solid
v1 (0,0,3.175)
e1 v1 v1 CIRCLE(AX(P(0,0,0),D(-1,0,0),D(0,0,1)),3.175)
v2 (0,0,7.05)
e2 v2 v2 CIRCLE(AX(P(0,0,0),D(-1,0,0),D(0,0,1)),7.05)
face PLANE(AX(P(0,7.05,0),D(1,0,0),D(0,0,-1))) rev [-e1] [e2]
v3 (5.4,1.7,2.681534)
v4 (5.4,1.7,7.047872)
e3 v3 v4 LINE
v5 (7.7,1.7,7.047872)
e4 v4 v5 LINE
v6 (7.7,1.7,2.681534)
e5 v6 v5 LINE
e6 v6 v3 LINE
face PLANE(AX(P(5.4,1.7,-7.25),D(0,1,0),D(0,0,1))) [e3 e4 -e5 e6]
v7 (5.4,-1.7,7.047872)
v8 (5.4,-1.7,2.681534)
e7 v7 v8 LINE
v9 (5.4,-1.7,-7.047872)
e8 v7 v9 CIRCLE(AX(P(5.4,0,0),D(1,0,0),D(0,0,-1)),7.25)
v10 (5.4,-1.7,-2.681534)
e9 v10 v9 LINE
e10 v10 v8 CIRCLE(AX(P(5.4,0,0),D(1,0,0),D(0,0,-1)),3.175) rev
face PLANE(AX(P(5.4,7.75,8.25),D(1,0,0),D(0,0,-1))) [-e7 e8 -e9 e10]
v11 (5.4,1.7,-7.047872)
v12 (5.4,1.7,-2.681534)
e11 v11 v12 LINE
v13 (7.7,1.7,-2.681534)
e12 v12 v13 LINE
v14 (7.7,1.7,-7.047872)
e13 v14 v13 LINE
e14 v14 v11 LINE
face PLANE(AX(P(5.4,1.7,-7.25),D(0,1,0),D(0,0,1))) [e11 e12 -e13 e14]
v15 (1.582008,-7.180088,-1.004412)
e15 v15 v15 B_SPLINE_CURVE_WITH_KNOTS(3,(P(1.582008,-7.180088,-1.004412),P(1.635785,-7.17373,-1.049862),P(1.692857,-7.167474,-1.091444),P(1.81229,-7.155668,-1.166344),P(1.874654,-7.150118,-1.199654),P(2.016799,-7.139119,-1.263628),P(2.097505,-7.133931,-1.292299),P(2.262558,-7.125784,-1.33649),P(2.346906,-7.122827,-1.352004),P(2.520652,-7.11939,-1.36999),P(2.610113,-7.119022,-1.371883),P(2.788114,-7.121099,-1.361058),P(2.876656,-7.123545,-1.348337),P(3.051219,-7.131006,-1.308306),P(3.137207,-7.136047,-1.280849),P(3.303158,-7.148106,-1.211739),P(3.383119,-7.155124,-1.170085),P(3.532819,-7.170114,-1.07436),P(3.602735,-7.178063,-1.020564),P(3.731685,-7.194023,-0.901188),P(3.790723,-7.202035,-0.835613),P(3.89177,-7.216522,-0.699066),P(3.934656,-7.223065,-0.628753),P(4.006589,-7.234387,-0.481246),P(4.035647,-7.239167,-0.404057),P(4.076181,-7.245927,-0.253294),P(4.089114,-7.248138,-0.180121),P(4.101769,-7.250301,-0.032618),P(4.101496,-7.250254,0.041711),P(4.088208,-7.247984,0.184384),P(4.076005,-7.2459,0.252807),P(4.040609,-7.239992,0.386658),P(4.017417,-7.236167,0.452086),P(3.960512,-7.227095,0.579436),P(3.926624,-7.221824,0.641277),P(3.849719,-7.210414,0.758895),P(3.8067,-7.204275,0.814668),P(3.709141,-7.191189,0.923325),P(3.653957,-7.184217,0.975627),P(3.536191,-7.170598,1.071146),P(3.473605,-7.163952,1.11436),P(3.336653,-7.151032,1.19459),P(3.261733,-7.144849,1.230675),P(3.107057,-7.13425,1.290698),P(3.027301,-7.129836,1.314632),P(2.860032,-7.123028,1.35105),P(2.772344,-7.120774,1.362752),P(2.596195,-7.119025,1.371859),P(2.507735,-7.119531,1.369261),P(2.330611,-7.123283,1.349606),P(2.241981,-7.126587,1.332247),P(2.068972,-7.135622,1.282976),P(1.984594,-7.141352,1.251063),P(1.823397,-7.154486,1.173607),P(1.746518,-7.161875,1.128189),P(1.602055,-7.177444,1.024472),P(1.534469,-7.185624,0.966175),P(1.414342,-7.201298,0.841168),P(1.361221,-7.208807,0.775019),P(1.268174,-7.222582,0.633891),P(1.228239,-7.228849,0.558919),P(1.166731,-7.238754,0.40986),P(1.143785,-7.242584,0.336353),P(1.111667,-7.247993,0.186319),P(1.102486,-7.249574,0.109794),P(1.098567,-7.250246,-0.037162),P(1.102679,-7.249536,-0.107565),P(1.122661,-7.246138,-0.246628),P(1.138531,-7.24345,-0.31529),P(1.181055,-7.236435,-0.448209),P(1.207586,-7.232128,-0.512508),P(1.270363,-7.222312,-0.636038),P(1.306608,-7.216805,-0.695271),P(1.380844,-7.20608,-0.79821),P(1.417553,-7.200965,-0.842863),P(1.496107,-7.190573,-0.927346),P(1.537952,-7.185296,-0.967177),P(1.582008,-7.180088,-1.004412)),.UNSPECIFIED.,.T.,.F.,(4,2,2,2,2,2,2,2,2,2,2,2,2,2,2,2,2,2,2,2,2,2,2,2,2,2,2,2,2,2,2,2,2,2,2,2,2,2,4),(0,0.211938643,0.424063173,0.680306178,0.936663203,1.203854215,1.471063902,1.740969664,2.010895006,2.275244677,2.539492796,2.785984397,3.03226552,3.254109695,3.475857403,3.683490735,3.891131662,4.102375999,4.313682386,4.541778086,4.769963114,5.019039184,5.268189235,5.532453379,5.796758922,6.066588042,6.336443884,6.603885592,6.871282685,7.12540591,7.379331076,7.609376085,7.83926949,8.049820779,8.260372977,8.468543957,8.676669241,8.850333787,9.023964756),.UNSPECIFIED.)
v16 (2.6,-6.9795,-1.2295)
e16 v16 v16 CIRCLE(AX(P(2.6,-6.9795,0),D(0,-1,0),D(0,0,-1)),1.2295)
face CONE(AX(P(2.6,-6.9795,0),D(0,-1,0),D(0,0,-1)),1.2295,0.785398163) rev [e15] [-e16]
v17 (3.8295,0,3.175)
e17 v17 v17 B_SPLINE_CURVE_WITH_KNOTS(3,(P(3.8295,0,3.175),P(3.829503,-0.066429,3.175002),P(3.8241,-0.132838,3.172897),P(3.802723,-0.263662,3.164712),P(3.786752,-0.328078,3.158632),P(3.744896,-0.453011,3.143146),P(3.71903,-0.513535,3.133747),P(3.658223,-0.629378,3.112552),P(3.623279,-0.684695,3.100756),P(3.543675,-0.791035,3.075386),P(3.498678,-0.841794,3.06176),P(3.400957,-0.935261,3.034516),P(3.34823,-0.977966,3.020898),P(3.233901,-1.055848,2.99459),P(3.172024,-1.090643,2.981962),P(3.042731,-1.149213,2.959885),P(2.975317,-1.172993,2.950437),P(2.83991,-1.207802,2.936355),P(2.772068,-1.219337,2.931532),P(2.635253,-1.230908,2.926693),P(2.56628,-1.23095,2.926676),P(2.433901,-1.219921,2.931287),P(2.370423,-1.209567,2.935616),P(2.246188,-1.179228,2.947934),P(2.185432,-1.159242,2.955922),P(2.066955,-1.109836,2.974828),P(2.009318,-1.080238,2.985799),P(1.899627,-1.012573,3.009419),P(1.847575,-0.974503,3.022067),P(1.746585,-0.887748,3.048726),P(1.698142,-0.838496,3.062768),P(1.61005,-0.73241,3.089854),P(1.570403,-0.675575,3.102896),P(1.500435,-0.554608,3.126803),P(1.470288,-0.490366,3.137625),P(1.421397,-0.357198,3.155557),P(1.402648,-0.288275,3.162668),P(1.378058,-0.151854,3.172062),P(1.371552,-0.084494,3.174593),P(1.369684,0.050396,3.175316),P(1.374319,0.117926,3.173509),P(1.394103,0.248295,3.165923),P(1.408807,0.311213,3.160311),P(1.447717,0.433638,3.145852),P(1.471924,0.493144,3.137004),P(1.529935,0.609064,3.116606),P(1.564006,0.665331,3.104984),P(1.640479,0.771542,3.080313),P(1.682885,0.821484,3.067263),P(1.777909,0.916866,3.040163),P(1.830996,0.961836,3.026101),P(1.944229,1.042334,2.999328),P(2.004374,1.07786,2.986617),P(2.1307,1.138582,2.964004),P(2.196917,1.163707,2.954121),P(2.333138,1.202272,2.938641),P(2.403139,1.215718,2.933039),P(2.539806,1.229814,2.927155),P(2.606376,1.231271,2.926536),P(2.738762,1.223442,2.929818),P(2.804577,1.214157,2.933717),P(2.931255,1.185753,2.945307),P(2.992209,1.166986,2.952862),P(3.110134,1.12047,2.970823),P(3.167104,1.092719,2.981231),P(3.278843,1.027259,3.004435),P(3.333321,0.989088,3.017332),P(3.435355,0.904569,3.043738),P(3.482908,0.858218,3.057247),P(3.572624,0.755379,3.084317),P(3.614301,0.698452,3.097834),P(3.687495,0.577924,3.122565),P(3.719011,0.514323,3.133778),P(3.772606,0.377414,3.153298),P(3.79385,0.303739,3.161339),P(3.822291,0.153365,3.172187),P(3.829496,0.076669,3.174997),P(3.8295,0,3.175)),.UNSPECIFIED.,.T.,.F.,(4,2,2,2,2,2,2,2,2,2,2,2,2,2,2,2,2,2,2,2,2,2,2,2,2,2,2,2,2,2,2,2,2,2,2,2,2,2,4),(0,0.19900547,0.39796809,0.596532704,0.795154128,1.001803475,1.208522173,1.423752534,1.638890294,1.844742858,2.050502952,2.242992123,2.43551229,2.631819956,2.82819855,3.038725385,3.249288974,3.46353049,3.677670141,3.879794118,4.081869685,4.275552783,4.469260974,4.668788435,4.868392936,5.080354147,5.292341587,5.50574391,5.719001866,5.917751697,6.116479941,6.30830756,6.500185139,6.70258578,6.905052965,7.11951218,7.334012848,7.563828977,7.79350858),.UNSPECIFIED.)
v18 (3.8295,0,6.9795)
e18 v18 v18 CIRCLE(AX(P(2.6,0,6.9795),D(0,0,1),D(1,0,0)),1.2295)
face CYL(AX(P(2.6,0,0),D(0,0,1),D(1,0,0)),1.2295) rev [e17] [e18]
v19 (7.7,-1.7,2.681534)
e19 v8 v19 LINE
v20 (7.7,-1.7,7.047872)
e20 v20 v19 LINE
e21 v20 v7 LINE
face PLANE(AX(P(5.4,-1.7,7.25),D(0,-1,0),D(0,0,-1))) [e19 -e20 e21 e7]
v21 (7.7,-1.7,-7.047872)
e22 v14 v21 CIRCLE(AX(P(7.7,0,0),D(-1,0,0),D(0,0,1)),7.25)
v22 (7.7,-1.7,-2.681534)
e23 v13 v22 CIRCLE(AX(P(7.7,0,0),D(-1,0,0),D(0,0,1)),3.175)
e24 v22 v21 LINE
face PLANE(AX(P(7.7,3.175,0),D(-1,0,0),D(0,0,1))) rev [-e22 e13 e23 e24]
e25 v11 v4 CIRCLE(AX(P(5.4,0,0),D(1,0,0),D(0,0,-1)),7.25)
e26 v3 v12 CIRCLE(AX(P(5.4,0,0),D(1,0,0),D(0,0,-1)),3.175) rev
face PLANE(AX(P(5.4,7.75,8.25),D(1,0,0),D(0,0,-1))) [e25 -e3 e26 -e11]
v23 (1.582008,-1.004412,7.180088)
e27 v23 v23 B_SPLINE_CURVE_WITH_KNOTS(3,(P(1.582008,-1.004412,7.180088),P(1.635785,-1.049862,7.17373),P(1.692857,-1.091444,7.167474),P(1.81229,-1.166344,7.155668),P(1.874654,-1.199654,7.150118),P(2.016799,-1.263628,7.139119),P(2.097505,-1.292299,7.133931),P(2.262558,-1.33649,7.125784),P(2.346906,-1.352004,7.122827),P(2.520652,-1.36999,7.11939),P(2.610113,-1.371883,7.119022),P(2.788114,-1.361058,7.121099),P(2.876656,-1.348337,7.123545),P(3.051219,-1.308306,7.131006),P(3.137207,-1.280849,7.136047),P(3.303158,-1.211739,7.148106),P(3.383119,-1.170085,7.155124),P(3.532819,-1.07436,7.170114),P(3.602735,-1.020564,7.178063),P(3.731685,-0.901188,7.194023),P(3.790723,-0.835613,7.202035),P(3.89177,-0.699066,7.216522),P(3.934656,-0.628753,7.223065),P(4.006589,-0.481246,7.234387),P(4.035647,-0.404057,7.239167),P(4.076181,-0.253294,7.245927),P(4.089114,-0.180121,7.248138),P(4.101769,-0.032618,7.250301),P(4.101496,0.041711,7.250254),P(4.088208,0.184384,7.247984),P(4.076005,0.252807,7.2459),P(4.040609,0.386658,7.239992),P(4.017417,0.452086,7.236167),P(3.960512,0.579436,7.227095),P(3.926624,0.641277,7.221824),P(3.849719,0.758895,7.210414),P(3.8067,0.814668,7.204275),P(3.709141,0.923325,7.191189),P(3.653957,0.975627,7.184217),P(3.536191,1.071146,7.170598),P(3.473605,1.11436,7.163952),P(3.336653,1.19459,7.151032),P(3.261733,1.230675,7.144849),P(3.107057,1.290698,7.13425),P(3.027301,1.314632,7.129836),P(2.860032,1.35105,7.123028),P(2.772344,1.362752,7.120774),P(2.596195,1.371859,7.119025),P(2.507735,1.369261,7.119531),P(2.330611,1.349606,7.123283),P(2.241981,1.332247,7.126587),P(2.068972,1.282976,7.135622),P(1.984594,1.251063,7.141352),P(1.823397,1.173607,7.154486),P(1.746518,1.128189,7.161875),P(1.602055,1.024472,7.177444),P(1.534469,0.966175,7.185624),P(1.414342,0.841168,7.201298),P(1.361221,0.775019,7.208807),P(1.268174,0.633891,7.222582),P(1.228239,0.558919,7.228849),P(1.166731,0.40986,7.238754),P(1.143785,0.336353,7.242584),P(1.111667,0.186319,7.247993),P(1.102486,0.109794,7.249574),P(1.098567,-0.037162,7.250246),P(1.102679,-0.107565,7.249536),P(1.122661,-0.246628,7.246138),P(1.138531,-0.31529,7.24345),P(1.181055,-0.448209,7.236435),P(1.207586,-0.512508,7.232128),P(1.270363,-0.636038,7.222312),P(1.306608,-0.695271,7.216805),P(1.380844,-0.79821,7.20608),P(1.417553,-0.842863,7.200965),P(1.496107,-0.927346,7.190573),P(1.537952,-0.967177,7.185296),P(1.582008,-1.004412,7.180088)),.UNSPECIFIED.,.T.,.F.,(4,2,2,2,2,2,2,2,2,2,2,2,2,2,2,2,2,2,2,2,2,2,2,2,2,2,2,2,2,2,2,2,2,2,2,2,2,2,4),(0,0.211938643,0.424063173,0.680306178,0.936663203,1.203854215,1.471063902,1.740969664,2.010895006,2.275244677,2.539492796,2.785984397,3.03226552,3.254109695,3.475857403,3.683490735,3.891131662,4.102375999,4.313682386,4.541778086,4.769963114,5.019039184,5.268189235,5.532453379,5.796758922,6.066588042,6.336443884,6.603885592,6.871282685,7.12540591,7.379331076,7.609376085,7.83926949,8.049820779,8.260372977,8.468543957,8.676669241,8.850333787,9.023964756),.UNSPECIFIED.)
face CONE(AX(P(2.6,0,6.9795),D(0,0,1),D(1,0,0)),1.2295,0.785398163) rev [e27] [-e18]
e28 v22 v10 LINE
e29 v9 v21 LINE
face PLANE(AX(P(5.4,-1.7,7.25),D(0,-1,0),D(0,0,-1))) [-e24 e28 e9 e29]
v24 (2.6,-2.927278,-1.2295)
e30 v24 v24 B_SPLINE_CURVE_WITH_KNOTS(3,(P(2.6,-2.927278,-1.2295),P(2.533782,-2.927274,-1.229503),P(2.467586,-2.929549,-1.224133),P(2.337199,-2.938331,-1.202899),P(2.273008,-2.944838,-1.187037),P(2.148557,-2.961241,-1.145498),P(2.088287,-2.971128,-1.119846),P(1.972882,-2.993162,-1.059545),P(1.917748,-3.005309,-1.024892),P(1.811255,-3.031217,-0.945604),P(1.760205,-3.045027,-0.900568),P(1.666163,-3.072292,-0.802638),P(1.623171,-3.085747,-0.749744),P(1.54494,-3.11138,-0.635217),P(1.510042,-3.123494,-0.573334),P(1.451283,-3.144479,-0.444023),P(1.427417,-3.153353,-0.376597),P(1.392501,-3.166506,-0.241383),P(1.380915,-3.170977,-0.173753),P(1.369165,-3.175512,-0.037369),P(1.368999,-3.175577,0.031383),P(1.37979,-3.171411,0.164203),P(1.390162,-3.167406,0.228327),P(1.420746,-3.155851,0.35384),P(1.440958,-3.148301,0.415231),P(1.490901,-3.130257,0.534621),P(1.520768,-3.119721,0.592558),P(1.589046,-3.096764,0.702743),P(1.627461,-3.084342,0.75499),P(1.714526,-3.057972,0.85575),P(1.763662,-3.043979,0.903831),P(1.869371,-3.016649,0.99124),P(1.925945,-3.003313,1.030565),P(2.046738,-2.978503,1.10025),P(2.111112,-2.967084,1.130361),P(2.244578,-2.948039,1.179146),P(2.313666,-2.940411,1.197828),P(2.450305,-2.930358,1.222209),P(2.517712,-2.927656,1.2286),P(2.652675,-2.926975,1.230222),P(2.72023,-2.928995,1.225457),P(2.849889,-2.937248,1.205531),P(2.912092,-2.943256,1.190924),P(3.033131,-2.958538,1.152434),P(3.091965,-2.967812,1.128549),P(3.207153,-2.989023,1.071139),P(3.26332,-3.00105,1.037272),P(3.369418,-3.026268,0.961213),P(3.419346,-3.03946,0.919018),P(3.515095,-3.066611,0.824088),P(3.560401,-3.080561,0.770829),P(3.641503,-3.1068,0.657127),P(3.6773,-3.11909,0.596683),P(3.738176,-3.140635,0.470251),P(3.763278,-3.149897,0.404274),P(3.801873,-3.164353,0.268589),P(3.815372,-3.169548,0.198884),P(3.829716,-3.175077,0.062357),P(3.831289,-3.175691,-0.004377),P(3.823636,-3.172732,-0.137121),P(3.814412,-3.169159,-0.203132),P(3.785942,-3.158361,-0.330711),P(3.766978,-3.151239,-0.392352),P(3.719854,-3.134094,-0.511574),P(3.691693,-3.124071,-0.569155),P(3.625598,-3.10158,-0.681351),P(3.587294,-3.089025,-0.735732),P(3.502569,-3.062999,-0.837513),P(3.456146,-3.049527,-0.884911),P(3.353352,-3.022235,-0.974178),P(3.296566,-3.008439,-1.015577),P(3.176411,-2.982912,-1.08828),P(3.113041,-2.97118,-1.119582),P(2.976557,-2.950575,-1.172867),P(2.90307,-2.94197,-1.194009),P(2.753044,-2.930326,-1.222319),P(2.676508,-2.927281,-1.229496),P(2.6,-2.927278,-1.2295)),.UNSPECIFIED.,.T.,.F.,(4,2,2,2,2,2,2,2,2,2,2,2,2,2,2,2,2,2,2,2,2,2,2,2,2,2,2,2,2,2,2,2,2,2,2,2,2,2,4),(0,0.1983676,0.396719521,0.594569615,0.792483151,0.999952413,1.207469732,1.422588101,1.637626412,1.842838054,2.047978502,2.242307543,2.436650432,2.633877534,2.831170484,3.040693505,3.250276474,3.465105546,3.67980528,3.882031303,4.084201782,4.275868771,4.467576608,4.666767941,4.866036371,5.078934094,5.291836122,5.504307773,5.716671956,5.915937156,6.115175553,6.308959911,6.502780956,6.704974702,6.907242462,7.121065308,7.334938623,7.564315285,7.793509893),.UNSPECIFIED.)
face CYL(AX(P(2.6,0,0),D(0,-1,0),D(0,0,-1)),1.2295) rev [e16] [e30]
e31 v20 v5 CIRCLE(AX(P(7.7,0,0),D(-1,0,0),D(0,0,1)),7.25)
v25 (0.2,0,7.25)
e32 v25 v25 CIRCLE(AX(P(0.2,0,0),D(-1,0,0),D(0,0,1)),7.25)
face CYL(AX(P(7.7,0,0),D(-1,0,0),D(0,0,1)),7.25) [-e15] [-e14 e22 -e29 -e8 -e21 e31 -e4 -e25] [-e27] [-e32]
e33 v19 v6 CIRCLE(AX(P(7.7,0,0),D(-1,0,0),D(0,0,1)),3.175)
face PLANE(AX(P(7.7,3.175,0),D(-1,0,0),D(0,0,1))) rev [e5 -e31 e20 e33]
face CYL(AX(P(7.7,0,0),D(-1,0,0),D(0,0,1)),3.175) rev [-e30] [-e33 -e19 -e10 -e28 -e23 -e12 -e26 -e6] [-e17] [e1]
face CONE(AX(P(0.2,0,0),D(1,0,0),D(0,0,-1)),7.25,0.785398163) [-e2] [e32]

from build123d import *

# Parameters (mm, degrees)
SKETCH2_W          = 16.5
SKETCH2_H          = 15.5
SKETCH2_W_2        = 14.5
SKETCH2_H_2        = 3.4
CUT_EXTRUDE1_DEPTH = 2.3


with BuildPart() as part:
    # Sketch1 → Revolve1 (revolve)
    with BuildSketch(Plane.XY):
        Polygon((0, 7.05), (0, 3.175), (7.7, 3.175), (7.7, 7.25), (0.2, 7.25), align=None)
    revolve(axis=Axis((7.7, 0, 0), (-1, 0, 0)))

    # Sketch2 → Cut-Extrude1 (cut)
    with BuildSketch(Plane(origin=(7.7, 0, 0), x_dir=(0, 0, -1), z_dir=(1, 0, 0))):
        Rectangle(SKETCH2_W, SKETCH2_H)
        Rectangle(SKETCH2_W_2, SKETCH2_H_2, mode=Mode.SUBTRACT)
    extrude(amount=-CUT_EXTRUDE1_DEPTH, mode=Mode.SUBTRACT)

    # Sketch3 → Cut-Revolve1 (revolve, cut)
    with BuildSketch(Plane(origin=(2.6, 0, 0), x_dir=(0, 0, -1), z_dir=(1, 0, 0))):
        Polygon((-7.25, 0), (-7.25, 1.5), (-6.9795, 1.2295), (0, 1.2295), (0, 0), align=None)
    revolve(axis=Axis((2.6, 0, 0), (0, 0, 1)), mode=Mode.SUBTRACT)

    # Sketch4 → Cut-Revolve2 (revolve, cut)
    with BuildSketch(Plane(origin=(2.6, 0, 0), x_dir=(0, 0, -1), z_dir=(1, 0, 0))):
        Polygon((0, -7.25), (-1.5, -7.25), (-1.2295, -6.9795), (-1.2295, 0), (0, 0), align=None)
    revolve(axis=Axis((2.6, 0, 0), (0, -1, 0)), mode=Mode.SUBTRACT)


solid = part.part
